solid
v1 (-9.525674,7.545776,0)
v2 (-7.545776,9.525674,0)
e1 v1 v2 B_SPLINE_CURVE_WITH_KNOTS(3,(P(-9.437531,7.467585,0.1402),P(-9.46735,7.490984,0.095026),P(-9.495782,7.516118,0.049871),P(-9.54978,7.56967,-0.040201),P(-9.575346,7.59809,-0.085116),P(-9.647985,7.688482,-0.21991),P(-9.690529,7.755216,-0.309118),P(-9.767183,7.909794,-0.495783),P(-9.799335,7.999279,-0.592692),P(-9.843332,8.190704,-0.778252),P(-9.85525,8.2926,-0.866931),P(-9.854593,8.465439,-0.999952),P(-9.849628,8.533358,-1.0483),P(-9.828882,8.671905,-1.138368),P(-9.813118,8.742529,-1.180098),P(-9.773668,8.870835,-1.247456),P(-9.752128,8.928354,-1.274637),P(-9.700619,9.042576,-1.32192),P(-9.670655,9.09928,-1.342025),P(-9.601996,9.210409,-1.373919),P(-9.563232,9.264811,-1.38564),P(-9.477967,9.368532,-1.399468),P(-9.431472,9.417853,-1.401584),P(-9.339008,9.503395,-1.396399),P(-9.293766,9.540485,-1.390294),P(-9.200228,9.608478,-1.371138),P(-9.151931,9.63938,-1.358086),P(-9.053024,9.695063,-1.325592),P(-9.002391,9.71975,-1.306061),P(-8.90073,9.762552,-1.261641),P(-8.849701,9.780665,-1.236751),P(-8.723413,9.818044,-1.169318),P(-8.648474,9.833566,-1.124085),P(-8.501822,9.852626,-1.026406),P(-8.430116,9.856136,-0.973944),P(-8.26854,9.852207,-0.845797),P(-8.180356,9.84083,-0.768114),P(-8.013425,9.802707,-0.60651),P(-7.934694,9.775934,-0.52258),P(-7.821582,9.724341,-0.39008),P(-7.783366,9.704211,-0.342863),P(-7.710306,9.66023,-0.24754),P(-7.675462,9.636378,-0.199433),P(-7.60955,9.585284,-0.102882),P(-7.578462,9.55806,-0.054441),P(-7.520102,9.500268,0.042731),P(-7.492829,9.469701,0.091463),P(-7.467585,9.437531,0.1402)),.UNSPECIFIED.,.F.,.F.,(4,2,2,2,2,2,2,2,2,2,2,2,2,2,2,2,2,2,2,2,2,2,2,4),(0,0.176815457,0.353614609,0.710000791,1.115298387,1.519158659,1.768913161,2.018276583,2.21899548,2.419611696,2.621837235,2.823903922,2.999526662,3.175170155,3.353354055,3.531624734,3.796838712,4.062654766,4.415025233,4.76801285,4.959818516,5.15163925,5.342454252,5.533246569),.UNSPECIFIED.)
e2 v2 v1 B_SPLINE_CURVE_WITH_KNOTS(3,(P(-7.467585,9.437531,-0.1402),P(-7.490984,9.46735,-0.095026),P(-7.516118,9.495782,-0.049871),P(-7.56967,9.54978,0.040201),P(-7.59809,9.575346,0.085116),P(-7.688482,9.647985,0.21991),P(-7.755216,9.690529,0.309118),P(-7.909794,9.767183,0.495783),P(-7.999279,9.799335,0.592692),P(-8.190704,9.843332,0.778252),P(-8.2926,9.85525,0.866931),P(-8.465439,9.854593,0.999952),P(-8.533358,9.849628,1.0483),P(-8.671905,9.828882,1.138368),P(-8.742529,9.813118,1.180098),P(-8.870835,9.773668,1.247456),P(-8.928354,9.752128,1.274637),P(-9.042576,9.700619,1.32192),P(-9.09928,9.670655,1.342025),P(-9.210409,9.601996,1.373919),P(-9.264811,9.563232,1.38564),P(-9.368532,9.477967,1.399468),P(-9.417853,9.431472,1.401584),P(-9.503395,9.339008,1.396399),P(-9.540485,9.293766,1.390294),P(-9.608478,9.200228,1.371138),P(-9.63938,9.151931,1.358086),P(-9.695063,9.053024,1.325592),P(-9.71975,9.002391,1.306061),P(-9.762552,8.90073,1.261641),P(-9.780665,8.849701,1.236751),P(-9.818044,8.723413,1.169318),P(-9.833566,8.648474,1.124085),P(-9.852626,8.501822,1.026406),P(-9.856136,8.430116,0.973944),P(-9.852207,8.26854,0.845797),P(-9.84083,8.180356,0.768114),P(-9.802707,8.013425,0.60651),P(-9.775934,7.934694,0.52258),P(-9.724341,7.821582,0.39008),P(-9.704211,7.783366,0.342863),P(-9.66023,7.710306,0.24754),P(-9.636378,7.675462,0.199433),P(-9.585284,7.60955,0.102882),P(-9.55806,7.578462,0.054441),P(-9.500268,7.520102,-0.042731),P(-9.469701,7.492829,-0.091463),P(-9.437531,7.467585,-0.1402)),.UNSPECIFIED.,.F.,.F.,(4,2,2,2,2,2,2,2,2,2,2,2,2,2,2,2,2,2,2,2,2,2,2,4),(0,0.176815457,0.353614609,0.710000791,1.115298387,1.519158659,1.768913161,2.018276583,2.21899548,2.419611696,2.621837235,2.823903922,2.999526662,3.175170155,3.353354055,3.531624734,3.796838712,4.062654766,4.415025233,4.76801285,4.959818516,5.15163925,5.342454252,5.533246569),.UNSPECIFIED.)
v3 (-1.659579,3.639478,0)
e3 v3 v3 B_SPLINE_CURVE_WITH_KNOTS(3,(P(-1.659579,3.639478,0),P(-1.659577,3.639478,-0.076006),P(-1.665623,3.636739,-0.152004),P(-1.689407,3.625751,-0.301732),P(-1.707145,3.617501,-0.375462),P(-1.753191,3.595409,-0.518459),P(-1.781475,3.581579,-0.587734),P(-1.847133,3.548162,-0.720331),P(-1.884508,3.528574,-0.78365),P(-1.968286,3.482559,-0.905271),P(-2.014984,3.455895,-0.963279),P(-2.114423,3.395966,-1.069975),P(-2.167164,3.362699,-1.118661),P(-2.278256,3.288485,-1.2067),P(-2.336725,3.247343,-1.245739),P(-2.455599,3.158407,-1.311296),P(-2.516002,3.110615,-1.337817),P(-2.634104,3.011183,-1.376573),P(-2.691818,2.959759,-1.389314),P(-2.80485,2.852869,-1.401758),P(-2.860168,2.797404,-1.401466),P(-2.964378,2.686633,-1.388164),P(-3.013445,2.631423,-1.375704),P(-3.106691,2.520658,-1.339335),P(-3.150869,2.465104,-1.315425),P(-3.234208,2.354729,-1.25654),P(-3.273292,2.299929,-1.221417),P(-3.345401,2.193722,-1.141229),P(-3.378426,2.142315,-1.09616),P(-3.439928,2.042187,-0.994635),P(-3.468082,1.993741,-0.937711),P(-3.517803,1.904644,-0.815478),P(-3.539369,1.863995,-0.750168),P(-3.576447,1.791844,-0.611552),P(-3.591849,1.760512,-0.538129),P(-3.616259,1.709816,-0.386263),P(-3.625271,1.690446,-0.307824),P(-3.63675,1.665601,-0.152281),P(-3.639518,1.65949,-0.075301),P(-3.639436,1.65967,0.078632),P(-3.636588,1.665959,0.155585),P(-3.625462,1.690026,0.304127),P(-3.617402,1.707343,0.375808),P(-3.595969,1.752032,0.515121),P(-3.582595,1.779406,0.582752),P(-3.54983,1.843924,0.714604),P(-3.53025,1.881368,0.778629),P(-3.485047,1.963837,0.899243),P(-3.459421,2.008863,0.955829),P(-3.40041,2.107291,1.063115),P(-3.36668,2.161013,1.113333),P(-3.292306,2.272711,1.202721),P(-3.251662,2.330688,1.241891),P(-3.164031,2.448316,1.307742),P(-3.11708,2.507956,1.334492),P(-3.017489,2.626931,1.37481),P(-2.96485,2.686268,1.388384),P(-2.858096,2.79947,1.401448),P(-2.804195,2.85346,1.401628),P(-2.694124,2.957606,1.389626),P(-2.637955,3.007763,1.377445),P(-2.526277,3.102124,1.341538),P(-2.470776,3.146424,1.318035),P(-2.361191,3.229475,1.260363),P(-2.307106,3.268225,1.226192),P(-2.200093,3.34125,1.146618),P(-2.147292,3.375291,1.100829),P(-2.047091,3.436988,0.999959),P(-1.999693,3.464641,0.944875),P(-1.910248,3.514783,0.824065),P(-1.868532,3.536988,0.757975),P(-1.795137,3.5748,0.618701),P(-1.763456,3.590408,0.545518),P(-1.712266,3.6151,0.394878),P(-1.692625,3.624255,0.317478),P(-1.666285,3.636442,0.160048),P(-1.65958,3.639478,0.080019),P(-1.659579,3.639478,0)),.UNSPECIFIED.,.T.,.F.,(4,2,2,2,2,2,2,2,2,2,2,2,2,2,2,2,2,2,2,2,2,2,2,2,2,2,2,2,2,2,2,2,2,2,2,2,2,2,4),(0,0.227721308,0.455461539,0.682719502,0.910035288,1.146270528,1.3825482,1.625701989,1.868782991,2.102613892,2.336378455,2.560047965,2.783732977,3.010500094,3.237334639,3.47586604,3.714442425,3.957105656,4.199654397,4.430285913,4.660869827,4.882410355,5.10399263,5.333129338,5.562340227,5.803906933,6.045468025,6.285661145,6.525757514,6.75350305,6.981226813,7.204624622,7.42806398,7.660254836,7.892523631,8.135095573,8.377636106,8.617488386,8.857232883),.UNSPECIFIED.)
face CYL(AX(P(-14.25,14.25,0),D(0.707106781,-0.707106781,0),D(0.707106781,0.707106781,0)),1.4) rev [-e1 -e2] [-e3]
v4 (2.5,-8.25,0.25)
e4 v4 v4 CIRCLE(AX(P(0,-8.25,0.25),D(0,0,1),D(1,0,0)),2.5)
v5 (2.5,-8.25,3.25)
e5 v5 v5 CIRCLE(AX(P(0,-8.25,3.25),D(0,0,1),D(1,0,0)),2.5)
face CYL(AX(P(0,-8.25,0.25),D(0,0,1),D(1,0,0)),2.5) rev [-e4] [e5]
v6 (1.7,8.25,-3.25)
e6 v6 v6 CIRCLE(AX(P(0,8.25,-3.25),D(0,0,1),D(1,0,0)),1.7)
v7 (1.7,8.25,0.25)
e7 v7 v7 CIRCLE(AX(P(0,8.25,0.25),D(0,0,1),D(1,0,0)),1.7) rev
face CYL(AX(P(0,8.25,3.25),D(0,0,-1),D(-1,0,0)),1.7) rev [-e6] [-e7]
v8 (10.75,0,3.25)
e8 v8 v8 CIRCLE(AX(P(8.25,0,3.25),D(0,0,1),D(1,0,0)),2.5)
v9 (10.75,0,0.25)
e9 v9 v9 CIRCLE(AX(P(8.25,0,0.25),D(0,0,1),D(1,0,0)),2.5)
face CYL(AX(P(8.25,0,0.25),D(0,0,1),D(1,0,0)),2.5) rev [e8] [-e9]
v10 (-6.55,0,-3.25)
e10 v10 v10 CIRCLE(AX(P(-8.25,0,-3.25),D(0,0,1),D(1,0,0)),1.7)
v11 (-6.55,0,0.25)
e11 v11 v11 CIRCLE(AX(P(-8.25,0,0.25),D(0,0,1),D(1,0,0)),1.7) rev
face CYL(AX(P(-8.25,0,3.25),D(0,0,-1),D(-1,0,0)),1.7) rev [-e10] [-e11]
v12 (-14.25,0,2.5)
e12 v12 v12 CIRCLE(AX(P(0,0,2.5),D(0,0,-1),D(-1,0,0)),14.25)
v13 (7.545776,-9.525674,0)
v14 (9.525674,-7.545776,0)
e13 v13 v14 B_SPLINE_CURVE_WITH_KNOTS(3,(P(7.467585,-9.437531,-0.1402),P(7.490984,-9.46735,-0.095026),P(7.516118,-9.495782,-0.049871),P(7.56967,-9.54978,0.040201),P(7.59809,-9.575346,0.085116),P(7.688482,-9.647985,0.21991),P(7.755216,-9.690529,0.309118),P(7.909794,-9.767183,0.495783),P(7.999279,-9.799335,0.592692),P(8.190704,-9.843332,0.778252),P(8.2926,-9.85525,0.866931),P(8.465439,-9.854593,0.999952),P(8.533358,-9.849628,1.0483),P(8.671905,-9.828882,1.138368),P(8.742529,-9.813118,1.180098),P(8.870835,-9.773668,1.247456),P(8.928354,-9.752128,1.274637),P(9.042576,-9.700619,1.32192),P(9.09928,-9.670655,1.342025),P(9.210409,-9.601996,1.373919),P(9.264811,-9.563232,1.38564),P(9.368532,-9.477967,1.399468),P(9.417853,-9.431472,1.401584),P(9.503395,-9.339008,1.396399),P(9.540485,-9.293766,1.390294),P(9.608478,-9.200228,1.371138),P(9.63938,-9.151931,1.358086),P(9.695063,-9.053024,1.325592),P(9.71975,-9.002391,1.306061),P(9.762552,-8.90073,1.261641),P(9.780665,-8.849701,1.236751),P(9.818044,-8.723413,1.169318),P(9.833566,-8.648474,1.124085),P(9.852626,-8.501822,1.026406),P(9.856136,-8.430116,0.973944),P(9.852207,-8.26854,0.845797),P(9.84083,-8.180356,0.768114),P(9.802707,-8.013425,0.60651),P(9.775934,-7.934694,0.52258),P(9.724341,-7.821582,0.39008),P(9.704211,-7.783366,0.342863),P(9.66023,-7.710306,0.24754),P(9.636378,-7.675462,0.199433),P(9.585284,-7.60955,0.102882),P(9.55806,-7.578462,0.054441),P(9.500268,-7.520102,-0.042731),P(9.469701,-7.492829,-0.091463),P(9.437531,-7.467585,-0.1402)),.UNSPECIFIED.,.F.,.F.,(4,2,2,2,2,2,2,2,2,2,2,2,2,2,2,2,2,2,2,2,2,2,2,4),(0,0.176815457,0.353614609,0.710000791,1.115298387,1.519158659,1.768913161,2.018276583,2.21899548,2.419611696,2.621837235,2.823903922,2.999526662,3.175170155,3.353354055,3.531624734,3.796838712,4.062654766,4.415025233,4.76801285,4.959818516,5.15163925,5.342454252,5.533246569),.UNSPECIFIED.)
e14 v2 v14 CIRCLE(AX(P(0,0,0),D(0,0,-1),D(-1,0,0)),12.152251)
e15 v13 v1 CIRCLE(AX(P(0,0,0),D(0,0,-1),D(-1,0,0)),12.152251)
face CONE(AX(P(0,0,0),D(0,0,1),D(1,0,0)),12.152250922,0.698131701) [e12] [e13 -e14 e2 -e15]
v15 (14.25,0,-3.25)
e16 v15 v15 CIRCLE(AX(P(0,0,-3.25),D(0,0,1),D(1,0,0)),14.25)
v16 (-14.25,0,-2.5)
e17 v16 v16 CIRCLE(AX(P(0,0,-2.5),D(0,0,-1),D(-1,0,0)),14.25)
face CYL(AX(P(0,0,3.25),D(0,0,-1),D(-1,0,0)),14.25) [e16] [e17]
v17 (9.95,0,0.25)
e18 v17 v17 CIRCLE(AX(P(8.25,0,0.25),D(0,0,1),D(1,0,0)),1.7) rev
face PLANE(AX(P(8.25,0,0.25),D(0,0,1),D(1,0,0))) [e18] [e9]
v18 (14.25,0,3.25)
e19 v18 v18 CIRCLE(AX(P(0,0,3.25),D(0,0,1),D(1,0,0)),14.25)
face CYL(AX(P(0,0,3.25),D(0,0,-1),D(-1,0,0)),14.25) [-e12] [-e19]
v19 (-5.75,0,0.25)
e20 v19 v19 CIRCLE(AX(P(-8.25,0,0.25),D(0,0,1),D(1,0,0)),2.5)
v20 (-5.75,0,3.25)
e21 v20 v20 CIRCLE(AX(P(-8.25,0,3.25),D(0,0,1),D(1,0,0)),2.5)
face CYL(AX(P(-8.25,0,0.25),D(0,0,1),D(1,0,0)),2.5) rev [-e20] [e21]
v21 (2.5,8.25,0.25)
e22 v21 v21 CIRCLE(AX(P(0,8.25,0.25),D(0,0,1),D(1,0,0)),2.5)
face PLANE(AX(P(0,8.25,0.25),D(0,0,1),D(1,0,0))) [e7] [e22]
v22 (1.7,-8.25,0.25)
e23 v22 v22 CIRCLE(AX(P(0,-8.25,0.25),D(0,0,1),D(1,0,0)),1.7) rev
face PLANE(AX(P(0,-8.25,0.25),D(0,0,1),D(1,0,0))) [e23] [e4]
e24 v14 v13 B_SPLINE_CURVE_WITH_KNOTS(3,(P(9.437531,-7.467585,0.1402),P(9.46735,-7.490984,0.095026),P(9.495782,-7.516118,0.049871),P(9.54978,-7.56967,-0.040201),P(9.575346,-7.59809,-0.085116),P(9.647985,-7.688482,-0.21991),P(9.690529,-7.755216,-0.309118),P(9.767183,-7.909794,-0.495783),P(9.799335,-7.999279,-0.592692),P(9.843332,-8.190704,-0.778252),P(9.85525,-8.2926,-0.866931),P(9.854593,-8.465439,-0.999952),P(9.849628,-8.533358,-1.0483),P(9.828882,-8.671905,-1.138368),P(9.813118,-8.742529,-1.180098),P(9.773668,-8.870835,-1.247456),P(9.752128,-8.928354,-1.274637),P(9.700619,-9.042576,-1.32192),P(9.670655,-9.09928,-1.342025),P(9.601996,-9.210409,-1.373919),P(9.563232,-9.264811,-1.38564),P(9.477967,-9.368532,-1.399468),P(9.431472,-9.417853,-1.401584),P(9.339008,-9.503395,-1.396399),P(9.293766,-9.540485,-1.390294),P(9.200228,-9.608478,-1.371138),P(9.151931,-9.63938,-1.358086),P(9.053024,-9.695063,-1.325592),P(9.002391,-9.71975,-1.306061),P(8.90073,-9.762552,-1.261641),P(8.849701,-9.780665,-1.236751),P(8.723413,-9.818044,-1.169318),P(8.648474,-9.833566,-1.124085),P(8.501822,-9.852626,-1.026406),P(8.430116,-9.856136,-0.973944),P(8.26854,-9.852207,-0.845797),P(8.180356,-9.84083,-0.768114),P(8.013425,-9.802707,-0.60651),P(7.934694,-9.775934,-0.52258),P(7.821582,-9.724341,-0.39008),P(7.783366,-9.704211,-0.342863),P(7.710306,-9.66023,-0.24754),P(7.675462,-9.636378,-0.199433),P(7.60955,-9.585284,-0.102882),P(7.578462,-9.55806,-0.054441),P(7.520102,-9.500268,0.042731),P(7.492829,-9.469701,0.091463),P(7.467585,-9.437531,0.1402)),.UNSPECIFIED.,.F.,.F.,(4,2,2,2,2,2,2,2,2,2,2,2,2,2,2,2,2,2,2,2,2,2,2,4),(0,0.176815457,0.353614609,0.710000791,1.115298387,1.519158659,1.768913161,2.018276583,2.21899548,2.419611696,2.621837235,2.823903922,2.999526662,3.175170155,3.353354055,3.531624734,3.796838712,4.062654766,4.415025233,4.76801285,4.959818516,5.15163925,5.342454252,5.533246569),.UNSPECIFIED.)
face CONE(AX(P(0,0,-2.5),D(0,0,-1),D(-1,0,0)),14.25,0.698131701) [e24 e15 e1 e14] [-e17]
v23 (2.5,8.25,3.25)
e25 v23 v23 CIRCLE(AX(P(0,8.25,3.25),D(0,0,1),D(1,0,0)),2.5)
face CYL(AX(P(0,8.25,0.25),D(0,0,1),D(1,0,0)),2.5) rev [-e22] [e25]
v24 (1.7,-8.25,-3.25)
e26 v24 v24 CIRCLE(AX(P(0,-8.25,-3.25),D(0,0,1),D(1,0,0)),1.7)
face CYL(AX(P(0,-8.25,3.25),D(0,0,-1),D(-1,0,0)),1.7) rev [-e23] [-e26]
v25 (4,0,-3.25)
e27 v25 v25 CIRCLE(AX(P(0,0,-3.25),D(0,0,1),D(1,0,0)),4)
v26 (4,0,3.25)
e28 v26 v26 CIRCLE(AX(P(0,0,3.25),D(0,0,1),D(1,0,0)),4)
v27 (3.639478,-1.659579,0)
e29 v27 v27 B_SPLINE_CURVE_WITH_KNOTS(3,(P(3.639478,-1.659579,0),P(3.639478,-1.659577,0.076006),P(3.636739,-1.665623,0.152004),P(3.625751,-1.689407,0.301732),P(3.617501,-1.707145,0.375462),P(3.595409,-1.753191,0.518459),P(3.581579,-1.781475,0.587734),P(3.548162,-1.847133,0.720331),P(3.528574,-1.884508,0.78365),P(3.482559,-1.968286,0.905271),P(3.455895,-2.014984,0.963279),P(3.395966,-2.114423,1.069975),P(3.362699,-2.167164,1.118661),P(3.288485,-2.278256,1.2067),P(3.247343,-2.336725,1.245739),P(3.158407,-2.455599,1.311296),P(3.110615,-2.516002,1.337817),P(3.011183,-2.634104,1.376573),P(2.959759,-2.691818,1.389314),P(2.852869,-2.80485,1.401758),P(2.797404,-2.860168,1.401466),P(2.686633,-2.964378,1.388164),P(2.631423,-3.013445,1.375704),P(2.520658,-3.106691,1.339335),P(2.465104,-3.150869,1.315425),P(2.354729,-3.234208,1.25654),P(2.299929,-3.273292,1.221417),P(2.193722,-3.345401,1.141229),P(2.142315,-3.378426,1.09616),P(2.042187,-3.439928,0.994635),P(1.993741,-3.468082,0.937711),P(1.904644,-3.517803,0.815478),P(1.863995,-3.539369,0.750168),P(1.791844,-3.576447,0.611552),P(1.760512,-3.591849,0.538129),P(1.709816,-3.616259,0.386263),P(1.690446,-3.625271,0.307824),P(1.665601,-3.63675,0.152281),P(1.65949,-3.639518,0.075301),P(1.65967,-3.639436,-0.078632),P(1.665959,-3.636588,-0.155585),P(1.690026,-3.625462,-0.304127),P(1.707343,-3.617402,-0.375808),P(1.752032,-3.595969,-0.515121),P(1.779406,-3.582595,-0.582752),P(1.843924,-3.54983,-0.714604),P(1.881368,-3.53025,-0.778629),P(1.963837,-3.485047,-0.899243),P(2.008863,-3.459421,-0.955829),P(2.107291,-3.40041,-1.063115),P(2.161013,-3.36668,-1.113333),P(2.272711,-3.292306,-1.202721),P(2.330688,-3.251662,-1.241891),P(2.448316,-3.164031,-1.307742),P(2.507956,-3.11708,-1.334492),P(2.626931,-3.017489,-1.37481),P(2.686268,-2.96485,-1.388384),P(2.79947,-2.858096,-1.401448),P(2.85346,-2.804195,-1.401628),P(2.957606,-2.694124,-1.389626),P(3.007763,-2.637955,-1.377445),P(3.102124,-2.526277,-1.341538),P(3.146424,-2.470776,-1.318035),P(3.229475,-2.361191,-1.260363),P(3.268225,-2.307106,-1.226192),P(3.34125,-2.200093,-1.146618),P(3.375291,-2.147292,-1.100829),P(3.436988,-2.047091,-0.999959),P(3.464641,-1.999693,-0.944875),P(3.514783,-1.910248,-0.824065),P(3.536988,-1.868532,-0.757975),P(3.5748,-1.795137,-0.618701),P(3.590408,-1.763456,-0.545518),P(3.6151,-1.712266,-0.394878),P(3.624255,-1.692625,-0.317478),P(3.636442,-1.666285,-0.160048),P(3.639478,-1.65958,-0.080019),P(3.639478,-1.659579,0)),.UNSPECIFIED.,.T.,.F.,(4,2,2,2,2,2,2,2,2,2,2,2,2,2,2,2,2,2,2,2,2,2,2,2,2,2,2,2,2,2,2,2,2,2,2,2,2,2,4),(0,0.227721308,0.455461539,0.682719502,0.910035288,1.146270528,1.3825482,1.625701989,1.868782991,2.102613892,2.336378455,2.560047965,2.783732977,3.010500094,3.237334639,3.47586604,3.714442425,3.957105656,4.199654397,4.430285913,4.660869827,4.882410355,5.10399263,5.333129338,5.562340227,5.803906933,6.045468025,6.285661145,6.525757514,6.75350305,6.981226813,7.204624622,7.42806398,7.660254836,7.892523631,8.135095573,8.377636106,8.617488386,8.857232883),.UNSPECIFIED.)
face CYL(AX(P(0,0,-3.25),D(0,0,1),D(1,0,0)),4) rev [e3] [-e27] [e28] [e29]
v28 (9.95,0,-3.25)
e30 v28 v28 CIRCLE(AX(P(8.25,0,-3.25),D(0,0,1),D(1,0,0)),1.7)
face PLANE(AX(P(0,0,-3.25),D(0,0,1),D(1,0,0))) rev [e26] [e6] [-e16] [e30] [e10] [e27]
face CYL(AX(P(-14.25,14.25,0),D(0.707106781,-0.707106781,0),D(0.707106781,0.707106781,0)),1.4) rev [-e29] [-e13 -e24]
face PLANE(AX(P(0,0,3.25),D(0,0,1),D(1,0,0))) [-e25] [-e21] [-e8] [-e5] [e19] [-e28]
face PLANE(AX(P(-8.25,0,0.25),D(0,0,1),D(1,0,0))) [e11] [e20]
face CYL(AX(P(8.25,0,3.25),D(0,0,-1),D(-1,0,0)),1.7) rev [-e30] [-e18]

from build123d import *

# Parameters (mm, degrees)
ESQUISSE2_R                  = 14.25
BOSS_EXTRU_1_DEPTH           = 3.25
ESQUISSE3_R                  = 1.2
ENL_V_MAT_EXTRU_1_DEPTH      = 4.25
ESQUISSE10_R                 = 1.7
ENL_V_MAT_EXTRU_2_DEPTH      = 1
ENL_V_MAT_EXTRU_2_DEPTH_BACK = 7.5
ESQUISSE17_R                 = 4
ENL_V_MAT_EXTRU_8_DEPTH      = 7.5
ESQUISSE13_R                 = 1.4
ENL_V_MAT_EXTRU_4_DEPTH      = 35.402543264
ESQUISSE20_R                 = 2.5
ENL_V_MAT_EXTRU_9_DEPTH      = 3


with BuildPart() as part:
    # Esquisse2 → Boss.-Extru.1 (new body, symmetric)
    with BuildSketch(Plane.XY):
        Circle(ESQUISSE2_R)
    extrude(amount=BOSS_EXTRU_1_DEPTH, both=True)

    # Esquisse3 → Enlèv. mat.-Extru.1 (cut, through all)
    with BuildSketch(Plane.XY):
        with Locations((0, 8.25)):
            Circle(ESQUISSE3_R)
        with Locations((-8.25, 0)):
            Circle(ESQUISSE3_R)
        with Locations((0, -8.25)):
            Circle(ESQUISSE3_R)
        with Locations((8.25, 0)):
            Circle(ESQUISSE3_R)
    extrude(amount=ENL_V_MAT_EXTRU_1_DEPTH, mode=Mode.SUBTRACT)

    # Esquisse10 → Enlèv. mat.-Extru.2 (cut, two sides)
    with BuildSketch(Plane(origin=(0, 0, -3.25), x_dir=(-1, 0, 0), z_dir=(0, 0, -1))) as enl_v_mat_extru_2_sk:
        with Locations((-8.25, 0)):
            Circle(ESQUISSE10_R)
        with Locations((0, 8.25)):
            Circle(ESQUISSE10_R)
        with Locations((8.25, 0)):
            Circle(ESQUISSE10_R)
        with Locations((0, -8.25)):
            Circle(ESQUISSE10_R)
    extrude(amount=ENL_V_MAT_EXTRU_2_DEPTH, mode=Mode.SUBTRACT)
    extrude(enl_v_mat_extru_2_sk.sketch, amount=-ENL_V_MAT_EXTRU_2_DEPTH_BACK, mode=Mode.SUBTRACT)

    # Esquisse17 → Enlèv. mat.-Extru.8 (cut, through all)
    with BuildSketch(Plane.XY.offset(3.25)):
        Circle(ESQUISSE17_R)
    extrude(amount=-ENL_V_MAT_EXTRU_8_DEPTH, mode=Mode.SUBTRACT)

    # Esquisse13 → Enlèv. mat.-Extru.4 (cut, through all)
    with BuildSketch(Plane(origin=(10.076271632, -10.076271632, 0), x_dir=(-0.707106781, -0.707106781, 0), z_dir=(0.707106781, -0.707106781, 0))):
        Circle(ESQUISSE13_R)
    extrude(amount=-ENL_V_MAT_EXTRU_4_DEPTH, mode=Mode.SUBTRACT)

    # Esquisse18 → Enlèvement de matière-Révolution1 (revolve, cut)
    with BuildSketch(Plane(origin=(0, 0, 0), x_dir=(1, 0, 0), z_dir=(0, 1, 0))):
        Polygon((14.25, 2.5), (12.152250922, 0), (14.25, -2.5), align=None)
    revolve(axis=Axis((0, 0, -3.25), (0, 0, 1)), mode=Mode.SUBTRACT)

    # Esquisse20 → Enlèv. mat.-Extru.9 (cut)
    with BuildSketch(Plane.XY.offset(3.25)):
        with Locations((0, 8.25)):
            Circle(ESQUISSE20_R)
        with Locations((8.25, 0)):
            Circle(ESQUISSE20_R)
        with Locations((-8.25, 0)):
            Circle(ESQUISSE20_R)
        with Locations((0, -8.25)):
            Circle(ESQUISSE20_R)
    extrude(amount=-ENL_V_MAT_EXTRU_9_DEPTH, mode=Mode.SUBTRACT)


solid = part.part
